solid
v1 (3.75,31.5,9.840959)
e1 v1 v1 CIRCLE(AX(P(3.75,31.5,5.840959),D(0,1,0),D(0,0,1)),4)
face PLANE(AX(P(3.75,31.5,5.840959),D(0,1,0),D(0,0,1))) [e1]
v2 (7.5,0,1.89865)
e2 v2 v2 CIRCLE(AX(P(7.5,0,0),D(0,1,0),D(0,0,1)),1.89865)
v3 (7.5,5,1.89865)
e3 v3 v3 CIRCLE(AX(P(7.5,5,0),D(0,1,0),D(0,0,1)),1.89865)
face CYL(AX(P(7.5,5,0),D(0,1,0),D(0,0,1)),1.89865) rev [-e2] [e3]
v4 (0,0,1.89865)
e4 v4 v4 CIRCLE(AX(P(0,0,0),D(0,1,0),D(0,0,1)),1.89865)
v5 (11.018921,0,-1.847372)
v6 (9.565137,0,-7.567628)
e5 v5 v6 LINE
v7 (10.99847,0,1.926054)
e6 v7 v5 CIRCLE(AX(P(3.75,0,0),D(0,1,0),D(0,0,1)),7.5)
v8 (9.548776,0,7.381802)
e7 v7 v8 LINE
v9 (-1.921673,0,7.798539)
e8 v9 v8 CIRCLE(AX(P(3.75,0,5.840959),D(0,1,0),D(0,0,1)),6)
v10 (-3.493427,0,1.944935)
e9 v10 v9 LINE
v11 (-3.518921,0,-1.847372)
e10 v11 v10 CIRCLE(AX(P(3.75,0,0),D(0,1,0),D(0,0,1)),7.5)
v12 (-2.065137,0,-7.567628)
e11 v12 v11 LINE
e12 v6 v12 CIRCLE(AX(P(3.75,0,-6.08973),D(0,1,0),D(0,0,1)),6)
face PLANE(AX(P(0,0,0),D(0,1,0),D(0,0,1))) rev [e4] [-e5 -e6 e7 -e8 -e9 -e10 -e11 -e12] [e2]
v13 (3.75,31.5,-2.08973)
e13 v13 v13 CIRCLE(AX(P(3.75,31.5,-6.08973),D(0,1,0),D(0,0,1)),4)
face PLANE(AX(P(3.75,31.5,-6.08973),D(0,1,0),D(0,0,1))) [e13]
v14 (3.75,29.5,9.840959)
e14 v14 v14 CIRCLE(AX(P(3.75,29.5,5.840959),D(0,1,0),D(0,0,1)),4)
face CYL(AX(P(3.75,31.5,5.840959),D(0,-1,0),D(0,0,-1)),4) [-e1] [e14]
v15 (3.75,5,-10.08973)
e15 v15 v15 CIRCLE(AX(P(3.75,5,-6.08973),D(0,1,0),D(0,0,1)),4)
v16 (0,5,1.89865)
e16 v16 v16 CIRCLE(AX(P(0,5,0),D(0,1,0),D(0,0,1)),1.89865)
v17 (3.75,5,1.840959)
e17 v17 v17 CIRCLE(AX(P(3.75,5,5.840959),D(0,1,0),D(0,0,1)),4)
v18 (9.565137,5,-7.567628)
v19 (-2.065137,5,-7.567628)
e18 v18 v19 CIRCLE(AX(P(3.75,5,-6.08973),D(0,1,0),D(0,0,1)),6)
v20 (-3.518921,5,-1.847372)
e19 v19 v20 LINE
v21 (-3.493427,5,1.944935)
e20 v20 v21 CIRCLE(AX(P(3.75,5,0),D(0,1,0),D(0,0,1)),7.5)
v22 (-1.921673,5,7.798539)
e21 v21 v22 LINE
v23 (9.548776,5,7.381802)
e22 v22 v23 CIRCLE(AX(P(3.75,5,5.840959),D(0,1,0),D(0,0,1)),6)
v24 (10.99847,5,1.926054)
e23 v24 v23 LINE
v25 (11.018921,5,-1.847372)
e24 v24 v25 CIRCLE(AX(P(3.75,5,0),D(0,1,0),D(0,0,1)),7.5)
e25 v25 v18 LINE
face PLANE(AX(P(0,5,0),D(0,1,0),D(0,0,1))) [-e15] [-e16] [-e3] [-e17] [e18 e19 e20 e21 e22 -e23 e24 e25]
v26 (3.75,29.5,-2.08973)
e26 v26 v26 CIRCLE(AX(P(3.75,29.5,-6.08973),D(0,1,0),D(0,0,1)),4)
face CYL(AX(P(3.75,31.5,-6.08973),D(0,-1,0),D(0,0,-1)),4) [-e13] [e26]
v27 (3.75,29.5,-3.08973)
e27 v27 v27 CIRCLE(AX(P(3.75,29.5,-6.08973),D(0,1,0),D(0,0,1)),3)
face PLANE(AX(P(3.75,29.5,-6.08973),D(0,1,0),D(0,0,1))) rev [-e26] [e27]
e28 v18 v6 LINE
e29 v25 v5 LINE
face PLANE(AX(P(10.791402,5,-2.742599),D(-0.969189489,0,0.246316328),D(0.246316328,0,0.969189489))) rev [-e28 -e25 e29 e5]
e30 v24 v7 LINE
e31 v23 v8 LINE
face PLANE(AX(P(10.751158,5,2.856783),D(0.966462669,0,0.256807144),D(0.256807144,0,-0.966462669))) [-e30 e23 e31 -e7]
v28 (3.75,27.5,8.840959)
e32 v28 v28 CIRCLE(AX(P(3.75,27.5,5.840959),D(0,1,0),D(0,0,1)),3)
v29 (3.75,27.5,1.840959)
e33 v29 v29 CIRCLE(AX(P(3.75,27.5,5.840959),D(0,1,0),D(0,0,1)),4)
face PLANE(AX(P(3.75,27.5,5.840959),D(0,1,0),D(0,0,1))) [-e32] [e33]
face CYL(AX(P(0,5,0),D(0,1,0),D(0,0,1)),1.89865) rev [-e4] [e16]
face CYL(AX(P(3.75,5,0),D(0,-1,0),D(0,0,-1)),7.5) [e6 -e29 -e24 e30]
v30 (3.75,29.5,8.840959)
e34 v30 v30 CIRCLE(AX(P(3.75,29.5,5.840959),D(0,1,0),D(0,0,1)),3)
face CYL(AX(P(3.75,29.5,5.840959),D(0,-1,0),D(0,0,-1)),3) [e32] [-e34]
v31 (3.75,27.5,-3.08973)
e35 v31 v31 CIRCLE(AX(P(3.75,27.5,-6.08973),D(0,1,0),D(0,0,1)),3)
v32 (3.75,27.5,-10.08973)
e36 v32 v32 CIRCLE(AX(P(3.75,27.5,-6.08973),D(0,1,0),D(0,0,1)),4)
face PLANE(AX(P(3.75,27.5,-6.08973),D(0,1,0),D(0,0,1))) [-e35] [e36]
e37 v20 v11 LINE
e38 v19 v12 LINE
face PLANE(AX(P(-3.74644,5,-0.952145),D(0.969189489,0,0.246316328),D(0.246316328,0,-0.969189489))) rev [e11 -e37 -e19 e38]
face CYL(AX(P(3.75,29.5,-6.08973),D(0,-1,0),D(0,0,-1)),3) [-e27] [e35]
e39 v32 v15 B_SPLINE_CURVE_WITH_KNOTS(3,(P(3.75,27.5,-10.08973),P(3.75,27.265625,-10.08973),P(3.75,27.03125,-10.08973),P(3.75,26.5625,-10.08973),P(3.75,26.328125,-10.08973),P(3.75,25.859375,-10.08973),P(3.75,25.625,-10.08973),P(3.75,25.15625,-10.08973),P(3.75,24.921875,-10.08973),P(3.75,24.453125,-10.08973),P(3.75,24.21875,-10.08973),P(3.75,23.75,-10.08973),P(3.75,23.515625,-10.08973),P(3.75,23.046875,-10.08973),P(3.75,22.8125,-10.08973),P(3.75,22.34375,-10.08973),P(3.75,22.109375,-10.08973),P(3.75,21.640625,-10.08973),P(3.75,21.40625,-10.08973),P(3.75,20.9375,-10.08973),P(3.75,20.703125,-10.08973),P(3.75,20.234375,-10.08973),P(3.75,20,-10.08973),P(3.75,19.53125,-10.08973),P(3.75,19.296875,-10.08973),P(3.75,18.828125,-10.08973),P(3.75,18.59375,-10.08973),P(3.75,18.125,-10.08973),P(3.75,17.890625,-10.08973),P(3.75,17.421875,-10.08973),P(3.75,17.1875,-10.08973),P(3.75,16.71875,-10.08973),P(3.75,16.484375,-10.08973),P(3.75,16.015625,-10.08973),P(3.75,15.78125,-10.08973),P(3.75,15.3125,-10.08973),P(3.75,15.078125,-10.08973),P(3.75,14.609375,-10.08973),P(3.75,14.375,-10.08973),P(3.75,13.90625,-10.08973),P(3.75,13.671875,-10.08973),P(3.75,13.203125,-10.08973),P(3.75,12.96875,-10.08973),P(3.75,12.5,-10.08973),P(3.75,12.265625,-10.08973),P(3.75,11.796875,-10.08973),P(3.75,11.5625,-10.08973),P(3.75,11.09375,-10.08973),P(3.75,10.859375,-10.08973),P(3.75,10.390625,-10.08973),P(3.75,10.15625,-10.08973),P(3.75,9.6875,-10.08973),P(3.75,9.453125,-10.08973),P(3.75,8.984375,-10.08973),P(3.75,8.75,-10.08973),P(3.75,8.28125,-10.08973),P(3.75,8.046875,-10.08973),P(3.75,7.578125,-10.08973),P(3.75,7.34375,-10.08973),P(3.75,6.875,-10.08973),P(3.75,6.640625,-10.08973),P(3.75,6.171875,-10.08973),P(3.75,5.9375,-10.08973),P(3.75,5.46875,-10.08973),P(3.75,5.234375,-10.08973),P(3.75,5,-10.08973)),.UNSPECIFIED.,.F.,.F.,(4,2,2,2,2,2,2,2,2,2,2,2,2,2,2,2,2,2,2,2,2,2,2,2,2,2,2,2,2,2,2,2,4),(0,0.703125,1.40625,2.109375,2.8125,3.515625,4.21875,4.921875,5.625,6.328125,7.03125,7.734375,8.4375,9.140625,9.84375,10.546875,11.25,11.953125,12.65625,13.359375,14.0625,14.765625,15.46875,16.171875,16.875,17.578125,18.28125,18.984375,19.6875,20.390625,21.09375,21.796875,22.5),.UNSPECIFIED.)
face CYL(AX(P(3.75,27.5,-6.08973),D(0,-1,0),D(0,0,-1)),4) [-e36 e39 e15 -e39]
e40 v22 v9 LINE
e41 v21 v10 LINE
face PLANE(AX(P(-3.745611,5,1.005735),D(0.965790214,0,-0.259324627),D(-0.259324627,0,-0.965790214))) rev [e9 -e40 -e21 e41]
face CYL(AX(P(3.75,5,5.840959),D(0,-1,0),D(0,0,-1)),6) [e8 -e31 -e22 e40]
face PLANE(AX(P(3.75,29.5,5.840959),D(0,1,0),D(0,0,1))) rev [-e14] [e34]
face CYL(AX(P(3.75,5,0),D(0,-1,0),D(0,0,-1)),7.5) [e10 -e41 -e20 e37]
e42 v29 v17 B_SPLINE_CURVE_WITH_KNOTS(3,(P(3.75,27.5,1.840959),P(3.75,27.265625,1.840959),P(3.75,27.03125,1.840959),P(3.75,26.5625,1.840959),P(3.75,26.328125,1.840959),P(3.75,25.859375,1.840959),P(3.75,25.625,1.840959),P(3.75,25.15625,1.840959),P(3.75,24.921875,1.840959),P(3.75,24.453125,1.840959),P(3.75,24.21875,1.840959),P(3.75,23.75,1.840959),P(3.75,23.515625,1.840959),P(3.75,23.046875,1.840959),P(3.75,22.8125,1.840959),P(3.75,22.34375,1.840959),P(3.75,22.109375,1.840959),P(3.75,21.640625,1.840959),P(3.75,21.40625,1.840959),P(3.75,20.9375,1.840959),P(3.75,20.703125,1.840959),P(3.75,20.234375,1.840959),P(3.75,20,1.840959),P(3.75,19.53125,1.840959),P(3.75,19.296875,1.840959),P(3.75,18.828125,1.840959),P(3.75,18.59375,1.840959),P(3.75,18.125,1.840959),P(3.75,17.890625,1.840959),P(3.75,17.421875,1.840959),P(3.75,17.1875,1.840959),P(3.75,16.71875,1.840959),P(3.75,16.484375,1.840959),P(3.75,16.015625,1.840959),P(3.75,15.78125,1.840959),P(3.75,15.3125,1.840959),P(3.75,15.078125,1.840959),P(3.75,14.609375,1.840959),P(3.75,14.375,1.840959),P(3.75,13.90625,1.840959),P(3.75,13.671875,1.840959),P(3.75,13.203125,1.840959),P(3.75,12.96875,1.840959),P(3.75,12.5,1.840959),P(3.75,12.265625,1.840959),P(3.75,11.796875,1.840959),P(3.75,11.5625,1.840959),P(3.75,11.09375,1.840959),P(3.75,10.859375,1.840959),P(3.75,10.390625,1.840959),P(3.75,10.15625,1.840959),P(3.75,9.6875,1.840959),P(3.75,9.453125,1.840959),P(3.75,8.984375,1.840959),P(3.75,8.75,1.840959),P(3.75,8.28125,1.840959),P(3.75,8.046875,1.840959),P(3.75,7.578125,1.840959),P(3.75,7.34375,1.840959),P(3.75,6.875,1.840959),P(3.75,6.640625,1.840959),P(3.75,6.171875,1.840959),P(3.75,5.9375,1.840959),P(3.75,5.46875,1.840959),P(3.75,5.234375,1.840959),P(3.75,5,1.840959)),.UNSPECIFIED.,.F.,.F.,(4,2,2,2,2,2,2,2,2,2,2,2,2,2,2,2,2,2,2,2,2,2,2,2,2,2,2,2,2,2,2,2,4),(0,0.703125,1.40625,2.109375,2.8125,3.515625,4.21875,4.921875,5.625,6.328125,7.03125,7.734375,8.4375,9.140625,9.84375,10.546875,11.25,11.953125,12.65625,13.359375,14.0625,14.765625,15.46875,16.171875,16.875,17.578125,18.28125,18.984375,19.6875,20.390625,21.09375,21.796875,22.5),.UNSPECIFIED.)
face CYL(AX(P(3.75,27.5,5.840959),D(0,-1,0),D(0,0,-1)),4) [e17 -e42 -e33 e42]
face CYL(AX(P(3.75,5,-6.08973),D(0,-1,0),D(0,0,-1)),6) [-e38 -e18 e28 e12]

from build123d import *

# Parameters (mm, degrees)
BOSS_EXTRUDE2_DEPTH   = 5
SKETCH3_R             = 4
BOSS_EXTRUDE3_DEPTH   = 22.5
SKETCH4_R             = 3
BOSS_EXTRUDE4_DEPTH   = 2
SKETCH5_R             = 4
BOSS_EXTRUDE5_DEPTH   = 2
F_6_CLEARANCE_HOLE1_D = 3.7973


with BuildPart() as part:
    # Sketch2 → Boss-Extrude2 (new body)
    with BuildSketch(Plane(origin=(0, 0, 0), x_dir=(1, 0, 0), z_dir=(0, 1, 0))):
        with BuildLine():
            ThreePointArc((-1.921673483, -7.798539123), (3.967844549, -11.837003018), (9.548776015, -7.381801872))
            Line((9.548776015, -7.381801872), (10.998470019, -1.926053578))
            ThreePointArc((10.998470019, -1.926053578), (11.24988985, -0.04064778), (11.018921171, 1.84737246))
            Line((11.018921171, 1.84737246), (9.565136937, 7.567628243))
            ThreePointArc((9.565136937, 7.567628243), (3.75, 12.089730275), (-2.065136937, 7.567628243))
            Line((-2.065136937, 7.567628243), (-3.518921171, 1.84737246))
            ThreePointArc((-3.518921171, 1.84737246), (-3.749830525, -0.050419155), (-3.493426606, -1.944934706))
            Line((-3.493426606, -1.944934706), (-1.921673483, -7.798539123))
        make_face()
    extrude(amount=BOSS_EXTRUDE2_DEPTH)

    # Sketch3 → Boss-Extrude3 (add)
    with BuildSketch(Plane(origin=(0, 5, 0), x_dir=(1, 0, 0), z_dir=(0, 1, 0))):
        with Locations(Location((3.75, -5.840959009, 0), (0, 0, 90))):
            Circle(SKETCH3_R)
        with Locations(Location((3.75, 6.089730275, 0), (0, 0, 90))):
            Circle(SKETCH3_R)
    extrude(amount=BOSS_EXTRUDE3_DEPTH)

    # Sketch4 → Boss-Extrude4 (add)
    with BuildSketch(Plane(origin=(0, 27.5, 0), x_dir=(1, 0, 0), z_dir=(0, 1, 0))):
        with Locations(Location((3.75, -5.840959009, 0), (0, 0, 270))):
            Circle(SKETCH4_R)
        with Locations(Location((3.75, 6.089730275, 0), (0, 0, 270))):
            Circle(SKETCH4_R)
    extrude(amount=BOSS_EXTRUDE4_DEPTH)

    # Sketch5 → Boss-Extrude5 (add)
    with BuildSketch(Plane(origin=(0, 29.5, 0), x_dir=(1, 0, 0), z_dir=(0, 1, 0))):
        with Locations(Location((3.75, -5.840959009, 0), (0, 0, 90))):
            Circle(SKETCH5_R)
        with Locations(Location((3.75, 6.089730275, 0), (0, 0, 90))):
            Circle(SKETCH5_R)
    extrude(amount=BOSS_EXTRUDE5_DEPTH)

    # #6 Clearance Hole1 (through all)
    with Locations(Plane(origin=(0, 5, 0), x_dir=(1, 0, 0), z_dir=(0, 1, 0))):
        with Locations((0, 0), (7.5, 0)):
            Hole(F_6_CLEARANCE_HOLE1_D / 2)


solid = part.part
